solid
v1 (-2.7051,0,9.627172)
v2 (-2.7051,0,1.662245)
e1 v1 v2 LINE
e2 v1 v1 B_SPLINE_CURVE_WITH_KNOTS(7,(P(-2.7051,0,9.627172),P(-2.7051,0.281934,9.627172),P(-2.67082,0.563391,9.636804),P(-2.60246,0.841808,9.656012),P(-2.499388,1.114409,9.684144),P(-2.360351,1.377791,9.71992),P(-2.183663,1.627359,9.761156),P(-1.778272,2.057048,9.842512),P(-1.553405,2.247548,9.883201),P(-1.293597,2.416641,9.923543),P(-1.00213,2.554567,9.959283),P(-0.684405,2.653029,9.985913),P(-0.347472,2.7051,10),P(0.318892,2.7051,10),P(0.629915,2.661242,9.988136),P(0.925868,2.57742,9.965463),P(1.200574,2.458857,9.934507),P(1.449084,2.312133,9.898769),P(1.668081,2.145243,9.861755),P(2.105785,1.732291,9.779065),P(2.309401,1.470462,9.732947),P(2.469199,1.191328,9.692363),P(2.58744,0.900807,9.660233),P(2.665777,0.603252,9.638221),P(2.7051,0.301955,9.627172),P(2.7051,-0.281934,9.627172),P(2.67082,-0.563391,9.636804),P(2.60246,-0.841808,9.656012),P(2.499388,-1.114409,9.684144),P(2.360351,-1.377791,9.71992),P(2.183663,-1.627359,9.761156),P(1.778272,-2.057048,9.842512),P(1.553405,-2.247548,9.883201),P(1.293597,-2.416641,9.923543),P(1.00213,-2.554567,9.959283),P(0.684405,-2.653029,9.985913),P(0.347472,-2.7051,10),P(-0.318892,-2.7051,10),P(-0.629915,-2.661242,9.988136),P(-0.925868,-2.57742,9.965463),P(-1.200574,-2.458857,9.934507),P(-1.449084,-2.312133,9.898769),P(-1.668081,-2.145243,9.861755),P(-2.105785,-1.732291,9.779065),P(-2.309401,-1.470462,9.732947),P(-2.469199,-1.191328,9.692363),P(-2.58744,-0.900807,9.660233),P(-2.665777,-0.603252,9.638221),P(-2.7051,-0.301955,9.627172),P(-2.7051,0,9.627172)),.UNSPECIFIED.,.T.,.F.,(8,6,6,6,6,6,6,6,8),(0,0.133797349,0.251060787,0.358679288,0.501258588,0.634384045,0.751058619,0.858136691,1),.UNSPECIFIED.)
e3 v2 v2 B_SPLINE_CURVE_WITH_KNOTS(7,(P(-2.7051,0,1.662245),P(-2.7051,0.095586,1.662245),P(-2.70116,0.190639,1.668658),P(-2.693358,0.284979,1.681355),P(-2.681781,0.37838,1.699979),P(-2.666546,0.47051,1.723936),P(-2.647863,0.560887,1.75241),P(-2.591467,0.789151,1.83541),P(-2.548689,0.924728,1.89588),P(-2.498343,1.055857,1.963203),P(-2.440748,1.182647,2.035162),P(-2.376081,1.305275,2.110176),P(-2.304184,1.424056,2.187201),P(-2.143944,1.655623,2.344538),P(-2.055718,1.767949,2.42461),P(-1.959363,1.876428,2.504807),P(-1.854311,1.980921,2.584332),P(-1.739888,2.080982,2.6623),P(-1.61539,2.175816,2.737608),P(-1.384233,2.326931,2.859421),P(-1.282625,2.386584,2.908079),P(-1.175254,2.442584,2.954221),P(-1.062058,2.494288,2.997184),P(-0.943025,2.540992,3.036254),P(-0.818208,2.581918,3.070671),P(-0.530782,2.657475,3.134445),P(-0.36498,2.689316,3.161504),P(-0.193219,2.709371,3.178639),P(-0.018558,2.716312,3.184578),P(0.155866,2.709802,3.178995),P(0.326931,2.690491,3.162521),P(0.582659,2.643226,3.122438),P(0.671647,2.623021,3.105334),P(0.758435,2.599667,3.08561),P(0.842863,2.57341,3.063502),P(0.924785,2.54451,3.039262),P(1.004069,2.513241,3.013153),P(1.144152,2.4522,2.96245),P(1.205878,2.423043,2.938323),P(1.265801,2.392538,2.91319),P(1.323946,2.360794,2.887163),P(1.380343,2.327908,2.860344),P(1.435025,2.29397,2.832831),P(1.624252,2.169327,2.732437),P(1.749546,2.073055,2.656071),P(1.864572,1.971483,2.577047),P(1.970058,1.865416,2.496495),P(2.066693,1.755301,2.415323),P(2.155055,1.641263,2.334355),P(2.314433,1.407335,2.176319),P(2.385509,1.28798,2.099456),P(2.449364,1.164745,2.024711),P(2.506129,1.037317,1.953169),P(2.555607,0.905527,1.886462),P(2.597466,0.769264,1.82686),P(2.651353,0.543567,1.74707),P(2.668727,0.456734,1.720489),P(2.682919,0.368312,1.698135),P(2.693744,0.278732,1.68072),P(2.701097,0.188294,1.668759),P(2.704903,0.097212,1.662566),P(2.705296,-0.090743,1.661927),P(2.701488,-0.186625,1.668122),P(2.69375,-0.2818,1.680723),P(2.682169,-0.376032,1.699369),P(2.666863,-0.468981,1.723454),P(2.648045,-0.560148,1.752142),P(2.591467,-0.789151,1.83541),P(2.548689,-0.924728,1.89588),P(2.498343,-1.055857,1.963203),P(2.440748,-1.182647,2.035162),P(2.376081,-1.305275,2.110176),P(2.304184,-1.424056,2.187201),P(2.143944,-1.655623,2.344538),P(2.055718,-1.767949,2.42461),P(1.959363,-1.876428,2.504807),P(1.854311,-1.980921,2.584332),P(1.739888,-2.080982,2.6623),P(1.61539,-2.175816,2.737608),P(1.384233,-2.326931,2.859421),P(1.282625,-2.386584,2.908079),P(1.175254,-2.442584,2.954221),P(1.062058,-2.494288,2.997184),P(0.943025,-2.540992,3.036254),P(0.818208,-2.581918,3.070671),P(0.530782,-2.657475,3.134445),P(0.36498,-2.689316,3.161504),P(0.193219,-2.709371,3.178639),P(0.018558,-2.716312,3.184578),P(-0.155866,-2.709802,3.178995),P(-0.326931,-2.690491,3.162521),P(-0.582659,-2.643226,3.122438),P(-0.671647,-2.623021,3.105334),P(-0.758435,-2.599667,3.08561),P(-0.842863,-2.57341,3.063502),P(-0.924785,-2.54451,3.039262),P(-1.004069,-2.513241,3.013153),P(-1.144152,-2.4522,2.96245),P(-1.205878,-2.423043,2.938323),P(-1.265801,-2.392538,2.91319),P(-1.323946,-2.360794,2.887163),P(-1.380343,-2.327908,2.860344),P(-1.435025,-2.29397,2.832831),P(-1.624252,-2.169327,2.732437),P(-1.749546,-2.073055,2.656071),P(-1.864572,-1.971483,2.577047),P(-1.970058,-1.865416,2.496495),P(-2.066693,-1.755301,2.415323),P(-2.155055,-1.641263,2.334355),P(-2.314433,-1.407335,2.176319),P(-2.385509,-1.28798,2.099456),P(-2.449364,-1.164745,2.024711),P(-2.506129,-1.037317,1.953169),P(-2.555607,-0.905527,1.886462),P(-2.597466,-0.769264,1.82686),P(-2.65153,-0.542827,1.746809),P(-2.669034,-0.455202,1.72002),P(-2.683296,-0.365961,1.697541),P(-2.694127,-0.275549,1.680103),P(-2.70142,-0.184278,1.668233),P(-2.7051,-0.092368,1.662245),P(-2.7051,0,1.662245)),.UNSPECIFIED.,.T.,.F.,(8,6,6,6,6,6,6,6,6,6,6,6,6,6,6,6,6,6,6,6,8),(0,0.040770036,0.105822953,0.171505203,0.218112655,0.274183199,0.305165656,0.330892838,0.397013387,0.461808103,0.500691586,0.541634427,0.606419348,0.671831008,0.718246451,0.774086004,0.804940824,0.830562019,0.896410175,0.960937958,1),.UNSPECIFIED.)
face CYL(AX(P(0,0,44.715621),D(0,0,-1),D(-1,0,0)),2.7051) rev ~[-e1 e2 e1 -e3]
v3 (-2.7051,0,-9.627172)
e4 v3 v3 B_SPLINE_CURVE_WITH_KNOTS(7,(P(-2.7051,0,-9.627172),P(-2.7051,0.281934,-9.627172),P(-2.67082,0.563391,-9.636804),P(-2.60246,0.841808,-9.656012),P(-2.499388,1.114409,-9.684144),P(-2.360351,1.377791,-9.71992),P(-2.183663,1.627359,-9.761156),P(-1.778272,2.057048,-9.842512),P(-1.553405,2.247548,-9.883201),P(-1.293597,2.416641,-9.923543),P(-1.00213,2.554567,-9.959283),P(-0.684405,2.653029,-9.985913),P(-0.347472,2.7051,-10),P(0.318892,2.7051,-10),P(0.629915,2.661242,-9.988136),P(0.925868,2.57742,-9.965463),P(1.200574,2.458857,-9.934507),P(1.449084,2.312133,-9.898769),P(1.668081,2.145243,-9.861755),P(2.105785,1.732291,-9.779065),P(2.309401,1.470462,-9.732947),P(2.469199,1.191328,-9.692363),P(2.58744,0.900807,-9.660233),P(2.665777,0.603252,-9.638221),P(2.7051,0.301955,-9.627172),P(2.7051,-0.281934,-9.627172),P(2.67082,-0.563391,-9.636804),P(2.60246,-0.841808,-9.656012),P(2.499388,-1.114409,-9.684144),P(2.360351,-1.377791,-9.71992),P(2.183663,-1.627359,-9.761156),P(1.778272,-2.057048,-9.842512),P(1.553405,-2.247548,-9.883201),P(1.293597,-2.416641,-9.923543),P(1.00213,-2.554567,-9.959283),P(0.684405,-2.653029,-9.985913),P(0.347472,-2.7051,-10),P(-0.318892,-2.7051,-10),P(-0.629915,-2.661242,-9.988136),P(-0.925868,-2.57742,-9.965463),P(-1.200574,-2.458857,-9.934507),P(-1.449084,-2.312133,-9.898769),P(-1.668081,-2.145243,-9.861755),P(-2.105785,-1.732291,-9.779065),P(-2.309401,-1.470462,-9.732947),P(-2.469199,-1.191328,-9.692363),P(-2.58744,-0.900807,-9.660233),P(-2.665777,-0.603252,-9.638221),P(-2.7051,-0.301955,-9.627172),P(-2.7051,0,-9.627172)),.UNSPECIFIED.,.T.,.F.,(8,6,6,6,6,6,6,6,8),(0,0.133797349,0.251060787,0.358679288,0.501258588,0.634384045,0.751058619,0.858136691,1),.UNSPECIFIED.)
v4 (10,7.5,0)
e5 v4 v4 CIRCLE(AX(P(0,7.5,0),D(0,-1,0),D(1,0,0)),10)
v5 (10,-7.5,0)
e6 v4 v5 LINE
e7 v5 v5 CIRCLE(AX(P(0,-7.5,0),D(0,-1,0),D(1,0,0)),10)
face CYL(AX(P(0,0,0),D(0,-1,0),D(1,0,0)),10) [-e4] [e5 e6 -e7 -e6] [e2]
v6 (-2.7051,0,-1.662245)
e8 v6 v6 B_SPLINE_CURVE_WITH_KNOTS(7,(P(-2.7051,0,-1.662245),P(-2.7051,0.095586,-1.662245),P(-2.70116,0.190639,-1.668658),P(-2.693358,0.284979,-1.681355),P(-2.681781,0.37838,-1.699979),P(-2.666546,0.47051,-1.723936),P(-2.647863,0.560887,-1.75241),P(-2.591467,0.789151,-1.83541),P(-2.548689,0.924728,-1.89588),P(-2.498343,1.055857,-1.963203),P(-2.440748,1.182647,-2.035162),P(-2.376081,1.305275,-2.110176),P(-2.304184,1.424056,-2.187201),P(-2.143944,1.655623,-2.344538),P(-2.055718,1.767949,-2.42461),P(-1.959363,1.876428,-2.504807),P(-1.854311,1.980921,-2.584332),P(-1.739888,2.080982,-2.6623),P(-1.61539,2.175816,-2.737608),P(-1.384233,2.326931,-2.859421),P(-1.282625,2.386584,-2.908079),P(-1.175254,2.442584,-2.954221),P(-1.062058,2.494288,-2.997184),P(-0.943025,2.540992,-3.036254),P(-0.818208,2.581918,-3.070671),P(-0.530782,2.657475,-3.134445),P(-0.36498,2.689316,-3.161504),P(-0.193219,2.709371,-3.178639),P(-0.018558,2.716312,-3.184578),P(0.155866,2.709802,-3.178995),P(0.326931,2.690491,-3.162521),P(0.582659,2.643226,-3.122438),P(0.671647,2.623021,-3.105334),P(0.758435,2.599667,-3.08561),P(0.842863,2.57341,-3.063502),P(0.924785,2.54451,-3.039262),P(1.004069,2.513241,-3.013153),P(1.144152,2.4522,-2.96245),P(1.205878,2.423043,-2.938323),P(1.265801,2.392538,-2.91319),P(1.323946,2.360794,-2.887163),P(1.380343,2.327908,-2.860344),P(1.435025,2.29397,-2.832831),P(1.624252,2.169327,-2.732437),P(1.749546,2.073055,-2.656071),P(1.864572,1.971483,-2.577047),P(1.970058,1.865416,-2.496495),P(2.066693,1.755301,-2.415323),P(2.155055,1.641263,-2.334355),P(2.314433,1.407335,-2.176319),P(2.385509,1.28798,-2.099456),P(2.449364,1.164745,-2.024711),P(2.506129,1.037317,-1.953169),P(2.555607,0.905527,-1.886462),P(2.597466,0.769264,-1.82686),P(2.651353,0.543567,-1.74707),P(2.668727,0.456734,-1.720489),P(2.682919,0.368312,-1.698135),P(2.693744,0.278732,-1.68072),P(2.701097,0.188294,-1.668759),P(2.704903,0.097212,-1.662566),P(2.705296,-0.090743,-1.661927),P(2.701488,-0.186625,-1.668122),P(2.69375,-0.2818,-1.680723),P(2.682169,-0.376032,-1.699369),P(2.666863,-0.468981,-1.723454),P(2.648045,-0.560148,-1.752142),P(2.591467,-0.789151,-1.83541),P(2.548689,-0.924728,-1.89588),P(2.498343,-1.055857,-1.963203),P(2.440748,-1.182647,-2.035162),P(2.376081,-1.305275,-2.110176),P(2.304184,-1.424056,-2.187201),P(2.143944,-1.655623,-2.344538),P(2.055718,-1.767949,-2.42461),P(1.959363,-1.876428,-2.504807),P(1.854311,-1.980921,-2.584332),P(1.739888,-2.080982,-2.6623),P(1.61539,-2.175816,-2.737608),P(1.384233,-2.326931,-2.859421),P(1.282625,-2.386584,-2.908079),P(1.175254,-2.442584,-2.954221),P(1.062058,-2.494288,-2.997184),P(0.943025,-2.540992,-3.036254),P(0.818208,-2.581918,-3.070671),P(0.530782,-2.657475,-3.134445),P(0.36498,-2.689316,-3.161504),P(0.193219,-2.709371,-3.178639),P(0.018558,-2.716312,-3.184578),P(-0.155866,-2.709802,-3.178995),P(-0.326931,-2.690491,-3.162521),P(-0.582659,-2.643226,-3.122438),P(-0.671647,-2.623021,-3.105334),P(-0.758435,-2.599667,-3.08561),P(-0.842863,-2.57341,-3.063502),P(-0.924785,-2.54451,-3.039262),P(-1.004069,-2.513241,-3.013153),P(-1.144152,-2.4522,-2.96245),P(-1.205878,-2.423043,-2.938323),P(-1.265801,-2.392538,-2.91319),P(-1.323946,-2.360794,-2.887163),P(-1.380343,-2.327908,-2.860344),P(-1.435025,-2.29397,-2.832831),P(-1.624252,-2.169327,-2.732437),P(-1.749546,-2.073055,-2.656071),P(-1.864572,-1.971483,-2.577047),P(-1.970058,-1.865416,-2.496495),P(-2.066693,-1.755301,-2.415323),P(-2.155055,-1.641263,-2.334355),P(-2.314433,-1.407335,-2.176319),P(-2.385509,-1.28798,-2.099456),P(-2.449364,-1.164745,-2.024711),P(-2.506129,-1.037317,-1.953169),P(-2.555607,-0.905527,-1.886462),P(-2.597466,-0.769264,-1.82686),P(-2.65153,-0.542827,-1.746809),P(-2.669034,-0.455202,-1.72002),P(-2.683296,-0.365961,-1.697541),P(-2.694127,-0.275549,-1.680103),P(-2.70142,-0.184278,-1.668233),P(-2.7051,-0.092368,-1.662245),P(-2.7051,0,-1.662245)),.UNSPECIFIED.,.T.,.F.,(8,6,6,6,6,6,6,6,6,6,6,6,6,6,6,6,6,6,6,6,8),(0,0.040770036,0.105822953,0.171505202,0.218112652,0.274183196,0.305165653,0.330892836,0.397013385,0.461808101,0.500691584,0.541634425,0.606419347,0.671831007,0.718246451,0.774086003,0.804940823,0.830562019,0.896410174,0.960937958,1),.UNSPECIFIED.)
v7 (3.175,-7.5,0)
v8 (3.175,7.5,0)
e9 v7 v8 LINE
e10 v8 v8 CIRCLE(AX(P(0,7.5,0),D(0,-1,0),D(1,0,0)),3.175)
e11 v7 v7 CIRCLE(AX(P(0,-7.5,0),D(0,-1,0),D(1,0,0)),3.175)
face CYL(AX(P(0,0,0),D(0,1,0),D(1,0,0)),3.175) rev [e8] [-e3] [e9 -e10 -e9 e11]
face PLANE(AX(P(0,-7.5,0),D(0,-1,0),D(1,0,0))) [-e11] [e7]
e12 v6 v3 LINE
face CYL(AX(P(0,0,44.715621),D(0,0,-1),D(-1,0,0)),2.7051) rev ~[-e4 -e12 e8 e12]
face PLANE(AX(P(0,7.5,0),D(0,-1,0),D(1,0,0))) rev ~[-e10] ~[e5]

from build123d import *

# Parameters (mm, degrees)
F0_R     = 10
F0_R_2   = 3.175
F1_DEPTH = 7.5
F4_D     = 5.4102


with BuildPart() as f1:
    # F0 (on Front) → F1 (new body, symmetric)
    with BuildSketch(Plane.XZ):
        Circle(F0_R)
        Circle(F0_R_2, mode=Mode.SUBTRACT)
    extrude(amount=F1_DEPTH, both=True)

    # F4 (through all)
    with Locations(Plane.XY.offset(12.7)):
        with Locations((0, 0)):
            Hole(F4_D / 2)


solid = f1.part
